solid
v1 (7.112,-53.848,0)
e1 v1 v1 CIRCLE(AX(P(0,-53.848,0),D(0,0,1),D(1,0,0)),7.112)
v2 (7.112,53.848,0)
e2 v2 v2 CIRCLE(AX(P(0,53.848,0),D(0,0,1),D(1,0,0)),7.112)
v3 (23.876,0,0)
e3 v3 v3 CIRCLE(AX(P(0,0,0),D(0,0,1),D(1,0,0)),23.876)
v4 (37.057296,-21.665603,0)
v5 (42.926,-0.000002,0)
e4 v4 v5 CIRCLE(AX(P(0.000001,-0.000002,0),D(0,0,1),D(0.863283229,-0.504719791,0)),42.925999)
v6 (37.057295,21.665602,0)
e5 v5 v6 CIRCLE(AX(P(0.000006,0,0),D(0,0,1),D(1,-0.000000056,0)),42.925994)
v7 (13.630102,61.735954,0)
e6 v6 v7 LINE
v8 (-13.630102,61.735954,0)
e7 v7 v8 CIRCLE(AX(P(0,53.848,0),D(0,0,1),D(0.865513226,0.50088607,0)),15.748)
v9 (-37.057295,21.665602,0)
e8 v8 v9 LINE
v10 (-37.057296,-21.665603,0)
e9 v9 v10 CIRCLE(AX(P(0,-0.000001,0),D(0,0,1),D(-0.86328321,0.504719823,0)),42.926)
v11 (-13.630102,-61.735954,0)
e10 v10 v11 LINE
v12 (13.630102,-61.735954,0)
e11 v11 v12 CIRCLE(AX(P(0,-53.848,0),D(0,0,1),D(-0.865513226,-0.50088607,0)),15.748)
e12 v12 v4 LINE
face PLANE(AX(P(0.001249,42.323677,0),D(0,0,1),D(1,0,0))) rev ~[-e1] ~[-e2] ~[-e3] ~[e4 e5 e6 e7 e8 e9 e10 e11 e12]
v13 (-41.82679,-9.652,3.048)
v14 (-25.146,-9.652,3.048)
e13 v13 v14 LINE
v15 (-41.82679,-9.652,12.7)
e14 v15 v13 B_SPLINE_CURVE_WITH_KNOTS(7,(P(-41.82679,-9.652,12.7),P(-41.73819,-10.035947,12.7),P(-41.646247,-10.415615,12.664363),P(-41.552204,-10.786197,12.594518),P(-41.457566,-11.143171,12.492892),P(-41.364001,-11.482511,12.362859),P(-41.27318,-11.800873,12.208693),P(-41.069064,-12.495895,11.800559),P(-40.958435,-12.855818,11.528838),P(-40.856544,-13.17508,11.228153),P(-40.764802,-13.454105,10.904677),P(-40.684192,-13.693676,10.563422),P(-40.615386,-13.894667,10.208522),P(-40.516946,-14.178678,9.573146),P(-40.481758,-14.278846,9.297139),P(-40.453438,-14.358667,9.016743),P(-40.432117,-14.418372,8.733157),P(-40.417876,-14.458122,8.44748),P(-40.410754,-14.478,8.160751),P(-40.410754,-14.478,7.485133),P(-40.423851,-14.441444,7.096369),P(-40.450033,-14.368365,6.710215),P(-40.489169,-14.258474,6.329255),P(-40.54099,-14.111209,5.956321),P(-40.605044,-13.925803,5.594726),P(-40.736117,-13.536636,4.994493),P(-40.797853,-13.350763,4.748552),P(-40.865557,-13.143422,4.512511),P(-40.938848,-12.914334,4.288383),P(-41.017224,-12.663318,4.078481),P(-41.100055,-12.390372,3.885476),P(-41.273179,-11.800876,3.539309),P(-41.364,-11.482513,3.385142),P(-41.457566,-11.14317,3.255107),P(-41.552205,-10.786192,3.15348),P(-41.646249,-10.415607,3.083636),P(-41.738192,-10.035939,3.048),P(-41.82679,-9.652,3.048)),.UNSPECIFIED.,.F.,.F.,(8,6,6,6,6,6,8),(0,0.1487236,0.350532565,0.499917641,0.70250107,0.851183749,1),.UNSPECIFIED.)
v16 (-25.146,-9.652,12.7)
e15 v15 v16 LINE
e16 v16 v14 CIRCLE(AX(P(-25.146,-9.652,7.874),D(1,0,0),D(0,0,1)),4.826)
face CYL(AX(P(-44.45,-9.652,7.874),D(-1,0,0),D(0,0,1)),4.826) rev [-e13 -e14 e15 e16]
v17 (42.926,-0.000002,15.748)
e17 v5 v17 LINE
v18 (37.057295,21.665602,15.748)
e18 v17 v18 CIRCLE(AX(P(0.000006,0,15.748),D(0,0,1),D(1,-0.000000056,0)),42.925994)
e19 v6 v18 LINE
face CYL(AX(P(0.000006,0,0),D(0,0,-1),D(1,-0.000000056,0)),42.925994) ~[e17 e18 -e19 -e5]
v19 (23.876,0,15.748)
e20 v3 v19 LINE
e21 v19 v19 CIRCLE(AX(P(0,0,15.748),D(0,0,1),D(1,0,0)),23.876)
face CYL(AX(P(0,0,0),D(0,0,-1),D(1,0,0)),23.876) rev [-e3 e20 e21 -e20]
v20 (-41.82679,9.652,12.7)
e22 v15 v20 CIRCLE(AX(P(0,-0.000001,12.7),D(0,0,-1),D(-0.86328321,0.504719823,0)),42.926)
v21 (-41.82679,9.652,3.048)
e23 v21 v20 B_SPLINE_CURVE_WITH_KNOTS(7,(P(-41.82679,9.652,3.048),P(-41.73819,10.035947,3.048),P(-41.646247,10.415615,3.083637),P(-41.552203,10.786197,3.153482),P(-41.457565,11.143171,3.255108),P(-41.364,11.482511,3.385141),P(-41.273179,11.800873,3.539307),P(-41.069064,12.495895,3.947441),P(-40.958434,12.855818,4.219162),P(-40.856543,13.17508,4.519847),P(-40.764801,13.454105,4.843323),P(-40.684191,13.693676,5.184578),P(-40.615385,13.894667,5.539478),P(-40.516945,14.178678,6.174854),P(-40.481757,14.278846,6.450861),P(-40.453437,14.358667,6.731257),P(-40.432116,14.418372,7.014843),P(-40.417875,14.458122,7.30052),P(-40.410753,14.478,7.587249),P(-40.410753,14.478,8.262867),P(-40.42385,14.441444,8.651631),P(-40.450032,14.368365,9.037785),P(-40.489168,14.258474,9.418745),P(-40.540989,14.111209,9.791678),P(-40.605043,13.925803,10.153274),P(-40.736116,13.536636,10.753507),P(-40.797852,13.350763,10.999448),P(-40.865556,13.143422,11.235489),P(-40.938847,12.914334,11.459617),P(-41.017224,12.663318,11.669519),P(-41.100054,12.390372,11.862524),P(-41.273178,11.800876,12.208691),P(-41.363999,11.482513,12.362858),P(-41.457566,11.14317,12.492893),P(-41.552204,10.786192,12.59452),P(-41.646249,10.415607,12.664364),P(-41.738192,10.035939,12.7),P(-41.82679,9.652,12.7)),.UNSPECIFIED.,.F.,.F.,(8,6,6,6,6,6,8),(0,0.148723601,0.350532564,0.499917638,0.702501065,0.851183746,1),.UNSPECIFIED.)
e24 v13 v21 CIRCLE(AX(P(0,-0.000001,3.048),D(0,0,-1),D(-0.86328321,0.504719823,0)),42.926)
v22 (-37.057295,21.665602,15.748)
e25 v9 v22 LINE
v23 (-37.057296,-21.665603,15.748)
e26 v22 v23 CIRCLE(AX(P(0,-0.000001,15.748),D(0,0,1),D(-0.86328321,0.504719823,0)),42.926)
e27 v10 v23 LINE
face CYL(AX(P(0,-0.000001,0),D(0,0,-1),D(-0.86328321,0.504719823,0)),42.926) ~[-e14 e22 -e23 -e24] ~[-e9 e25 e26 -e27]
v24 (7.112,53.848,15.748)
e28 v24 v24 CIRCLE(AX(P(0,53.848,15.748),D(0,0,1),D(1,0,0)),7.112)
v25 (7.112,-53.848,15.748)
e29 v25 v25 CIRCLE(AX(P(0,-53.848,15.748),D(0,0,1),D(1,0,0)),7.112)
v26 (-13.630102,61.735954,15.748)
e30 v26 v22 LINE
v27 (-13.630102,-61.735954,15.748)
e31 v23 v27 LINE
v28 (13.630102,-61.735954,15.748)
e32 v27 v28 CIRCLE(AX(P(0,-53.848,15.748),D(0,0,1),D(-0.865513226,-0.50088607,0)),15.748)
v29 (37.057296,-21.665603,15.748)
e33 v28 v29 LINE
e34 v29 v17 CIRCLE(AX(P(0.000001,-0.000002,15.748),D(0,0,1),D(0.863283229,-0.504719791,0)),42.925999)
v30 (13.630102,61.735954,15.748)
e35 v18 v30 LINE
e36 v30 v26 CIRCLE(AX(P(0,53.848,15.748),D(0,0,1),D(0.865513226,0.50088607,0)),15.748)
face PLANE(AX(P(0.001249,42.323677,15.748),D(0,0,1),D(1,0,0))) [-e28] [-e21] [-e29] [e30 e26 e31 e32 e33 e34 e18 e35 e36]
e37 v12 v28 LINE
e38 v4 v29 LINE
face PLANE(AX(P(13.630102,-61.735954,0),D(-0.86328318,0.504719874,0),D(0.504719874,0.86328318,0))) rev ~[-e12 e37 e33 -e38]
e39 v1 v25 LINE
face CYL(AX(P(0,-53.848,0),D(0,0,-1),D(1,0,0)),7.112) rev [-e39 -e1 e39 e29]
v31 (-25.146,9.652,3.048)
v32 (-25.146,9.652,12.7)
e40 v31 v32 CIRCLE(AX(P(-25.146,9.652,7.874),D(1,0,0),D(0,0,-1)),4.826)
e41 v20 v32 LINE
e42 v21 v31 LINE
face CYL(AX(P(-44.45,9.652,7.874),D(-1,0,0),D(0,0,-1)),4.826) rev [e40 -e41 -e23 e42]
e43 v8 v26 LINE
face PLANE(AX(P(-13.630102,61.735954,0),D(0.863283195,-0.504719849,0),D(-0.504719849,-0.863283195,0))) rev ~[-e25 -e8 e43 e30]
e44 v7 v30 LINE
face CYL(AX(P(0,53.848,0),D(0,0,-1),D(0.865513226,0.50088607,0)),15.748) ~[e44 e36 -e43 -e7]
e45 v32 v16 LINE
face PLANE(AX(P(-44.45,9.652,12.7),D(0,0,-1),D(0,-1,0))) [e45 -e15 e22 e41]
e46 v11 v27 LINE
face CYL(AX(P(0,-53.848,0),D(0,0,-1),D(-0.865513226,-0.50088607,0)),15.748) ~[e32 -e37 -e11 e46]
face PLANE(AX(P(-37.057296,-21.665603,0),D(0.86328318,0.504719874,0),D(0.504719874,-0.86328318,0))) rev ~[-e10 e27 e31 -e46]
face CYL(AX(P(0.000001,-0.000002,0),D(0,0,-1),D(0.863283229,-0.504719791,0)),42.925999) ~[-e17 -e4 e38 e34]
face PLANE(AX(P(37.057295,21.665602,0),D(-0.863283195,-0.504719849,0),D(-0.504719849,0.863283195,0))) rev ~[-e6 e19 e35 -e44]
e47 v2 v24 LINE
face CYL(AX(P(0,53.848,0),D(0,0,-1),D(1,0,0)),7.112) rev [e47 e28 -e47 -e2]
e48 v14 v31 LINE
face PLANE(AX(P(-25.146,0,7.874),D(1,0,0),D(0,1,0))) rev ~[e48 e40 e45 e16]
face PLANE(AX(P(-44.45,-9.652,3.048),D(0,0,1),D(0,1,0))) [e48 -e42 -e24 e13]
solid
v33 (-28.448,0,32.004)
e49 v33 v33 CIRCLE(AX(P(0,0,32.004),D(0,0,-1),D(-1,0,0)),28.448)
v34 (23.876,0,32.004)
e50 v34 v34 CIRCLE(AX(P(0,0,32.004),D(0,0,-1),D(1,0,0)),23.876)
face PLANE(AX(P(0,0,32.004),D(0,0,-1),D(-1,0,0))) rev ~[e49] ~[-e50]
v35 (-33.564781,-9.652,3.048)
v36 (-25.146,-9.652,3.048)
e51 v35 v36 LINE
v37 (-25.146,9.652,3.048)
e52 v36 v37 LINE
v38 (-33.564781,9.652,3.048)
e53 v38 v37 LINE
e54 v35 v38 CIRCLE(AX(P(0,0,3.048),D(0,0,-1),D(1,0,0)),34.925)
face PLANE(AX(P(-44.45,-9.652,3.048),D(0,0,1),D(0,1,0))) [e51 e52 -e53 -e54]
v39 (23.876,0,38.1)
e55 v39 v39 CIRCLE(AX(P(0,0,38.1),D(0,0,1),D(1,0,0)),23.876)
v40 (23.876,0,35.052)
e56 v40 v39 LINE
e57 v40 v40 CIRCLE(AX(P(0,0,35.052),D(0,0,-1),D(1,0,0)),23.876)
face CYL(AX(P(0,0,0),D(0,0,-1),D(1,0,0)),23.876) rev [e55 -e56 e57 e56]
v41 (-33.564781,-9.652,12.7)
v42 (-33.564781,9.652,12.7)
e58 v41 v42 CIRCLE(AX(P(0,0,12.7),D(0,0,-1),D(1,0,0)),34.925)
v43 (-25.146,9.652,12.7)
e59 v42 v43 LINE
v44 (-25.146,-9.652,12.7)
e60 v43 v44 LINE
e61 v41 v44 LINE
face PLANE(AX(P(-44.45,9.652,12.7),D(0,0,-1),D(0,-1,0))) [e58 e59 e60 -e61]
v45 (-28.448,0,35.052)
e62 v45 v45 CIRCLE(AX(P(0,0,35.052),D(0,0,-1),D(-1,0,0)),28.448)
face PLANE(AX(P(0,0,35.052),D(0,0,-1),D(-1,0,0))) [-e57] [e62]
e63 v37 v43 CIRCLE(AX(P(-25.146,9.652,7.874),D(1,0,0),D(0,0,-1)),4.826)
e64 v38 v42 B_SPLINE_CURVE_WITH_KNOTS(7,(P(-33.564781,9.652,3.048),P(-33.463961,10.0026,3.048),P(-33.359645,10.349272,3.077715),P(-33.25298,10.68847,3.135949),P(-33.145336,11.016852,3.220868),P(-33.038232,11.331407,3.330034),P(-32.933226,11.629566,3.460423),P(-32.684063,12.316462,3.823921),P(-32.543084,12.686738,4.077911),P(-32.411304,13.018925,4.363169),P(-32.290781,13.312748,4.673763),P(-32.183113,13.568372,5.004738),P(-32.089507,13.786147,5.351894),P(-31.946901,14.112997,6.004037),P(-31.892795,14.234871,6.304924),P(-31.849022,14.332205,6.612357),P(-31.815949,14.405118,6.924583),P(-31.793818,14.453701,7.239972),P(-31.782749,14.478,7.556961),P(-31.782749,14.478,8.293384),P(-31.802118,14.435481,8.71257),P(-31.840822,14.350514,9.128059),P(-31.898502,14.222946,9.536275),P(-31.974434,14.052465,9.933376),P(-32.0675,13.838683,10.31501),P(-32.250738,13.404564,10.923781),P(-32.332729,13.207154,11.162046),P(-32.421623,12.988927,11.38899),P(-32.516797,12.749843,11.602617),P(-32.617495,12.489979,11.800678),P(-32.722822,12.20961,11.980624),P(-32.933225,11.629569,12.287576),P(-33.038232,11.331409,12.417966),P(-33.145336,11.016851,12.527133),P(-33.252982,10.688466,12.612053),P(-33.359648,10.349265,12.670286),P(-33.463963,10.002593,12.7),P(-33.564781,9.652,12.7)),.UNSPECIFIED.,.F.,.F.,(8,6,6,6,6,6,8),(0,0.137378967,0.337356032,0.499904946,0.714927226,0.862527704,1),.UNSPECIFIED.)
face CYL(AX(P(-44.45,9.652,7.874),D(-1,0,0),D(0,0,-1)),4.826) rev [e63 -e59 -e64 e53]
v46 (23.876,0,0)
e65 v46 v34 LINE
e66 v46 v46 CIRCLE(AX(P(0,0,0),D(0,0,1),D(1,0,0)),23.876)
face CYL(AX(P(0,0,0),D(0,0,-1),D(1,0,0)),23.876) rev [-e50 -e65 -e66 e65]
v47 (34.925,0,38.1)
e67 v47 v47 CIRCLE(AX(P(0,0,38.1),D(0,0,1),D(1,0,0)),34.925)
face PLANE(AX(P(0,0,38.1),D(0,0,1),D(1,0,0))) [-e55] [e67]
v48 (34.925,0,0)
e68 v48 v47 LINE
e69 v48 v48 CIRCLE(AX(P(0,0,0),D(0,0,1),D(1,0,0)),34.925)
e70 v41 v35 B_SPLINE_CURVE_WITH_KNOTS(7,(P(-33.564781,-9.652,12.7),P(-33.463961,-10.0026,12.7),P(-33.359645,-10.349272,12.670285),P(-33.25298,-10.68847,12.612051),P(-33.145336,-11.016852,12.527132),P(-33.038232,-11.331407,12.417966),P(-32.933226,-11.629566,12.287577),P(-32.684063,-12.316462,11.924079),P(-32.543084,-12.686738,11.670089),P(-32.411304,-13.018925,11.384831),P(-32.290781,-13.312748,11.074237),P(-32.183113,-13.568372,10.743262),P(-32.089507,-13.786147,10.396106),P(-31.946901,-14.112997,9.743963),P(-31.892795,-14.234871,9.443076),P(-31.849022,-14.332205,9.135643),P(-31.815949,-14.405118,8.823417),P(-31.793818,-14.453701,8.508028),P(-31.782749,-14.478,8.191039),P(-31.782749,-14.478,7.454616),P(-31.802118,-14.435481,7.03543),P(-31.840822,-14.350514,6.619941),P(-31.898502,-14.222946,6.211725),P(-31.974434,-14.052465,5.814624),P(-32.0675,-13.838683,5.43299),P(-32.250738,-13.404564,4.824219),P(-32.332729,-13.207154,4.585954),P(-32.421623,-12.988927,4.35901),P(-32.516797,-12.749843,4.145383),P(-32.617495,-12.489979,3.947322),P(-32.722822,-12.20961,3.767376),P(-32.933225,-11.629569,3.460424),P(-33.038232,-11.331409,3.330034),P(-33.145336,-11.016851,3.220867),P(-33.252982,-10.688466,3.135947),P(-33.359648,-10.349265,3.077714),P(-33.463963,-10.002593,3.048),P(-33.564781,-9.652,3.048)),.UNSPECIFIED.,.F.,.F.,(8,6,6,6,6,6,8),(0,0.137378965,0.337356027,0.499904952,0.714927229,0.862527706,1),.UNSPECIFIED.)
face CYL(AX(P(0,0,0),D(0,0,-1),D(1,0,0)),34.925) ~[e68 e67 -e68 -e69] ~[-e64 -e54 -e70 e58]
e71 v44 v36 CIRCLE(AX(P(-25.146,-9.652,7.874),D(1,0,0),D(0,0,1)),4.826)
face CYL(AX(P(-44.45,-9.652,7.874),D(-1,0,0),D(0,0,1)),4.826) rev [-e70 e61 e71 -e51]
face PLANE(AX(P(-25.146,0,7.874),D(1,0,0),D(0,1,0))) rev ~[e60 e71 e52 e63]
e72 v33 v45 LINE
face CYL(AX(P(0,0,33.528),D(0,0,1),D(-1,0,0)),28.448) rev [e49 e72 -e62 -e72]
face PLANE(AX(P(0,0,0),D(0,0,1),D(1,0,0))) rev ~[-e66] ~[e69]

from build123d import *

# Parameters (mm, degrees)
F0_R     = 7.112
F0_R_2   = 34.925
F0_R_3   = 23.876
F1_DEPTH = 15.748
F2_DEPTH = 38.1
F3_W     = 28.448
F3_H     = 3.048
F7_DEPTH = 19.304


with BuildPart() as f1:
    # F0 (on Top) → F1 (new body)
    with BuildSketch(Plane.XY):
        with BuildLine():
            Line((37.057295, 21.665602), (13.630102, 61.735954))
            ThreePointArc((13.630102, 61.735954), (0, 69.596), (-13.630102, 61.735954))
            Line((-13.630102, 61.735954), (-37.057295, 21.665602))
            ThreePointArc((-37.057295, 21.665602), (-0.06028, 42.925956), (36.996299, 21.769595))
            ThreePointArc((36.996299, 21.769595), (37.026833, 21.71762), (37.057295, 21.665602))
        make_face()
        with Locations((0, 53.848)):
            Circle(F0_R, mode=Mode.SUBTRACT)
        with BuildLine():
            ThreePointArc((42.926, -2e-06), (41.432855, 11.22319), (37.057295, 21.665602))
            ThreePointArc((37.057295, 21.665602), (37.026833, 21.71762), (36.996299, 21.769595))
            ThreePointArc((36.996299, 21.769595), (-0.06028, 42.925956), (-37.057295, 21.665602))
            ThreePointArc((-37.057295, 21.665602), (-42.926, 0), (-37.057296, -21.665603))
            ThreePointArc((-37.057296, -21.665603), (0, -42.926002), (37.057296, -21.665603))
            ThreePointArc((37.057296, -21.665603), (41.432855, -11.223192), (42.926, -2e-06))
        make_face()
        Circle(F0_R_2, mode=Mode.SUBTRACT)
        with BuildLine():
            ThreePointArc((37.057296, -21.665603), (0, -42.926002), (-37.057296, -21.665603))
            Line((-37.057296, -21.665603), (-13.630102, -61.735954))
            ThreePointArc((-13.630102, -61.735954), (0, -69.596), (13.630102, -61.735954))
            Line((13.630102, -61.735954), (37.057296, -21.665603))
        make_face()
        with Locations((0, -53.848)):
            Circle(F0_R, mode=Mode.SUBTRACT)
        Circle(F0_R_2)
        Circle(F0_R_3, mode=Mode.SUBTRACT)
    extrude(amount=F1_DEPTH)


with BuildPart() as f2:
    # F0 (on Top) → F2 (new body)
    with BuildSketch(Plane.XY):
        Circle(F0_R_2)
        Circle(F0_R_3, mode=Mode.SUBTRACT)
    extrude(amount=F2_DEPTH)

    # F3 (on Front) → F4 (revolve, cut)
    with BuildSketch(Plane.XZ):
        with Locations((-14.224, 33.528)):
            Rectangle(F3_W, F3_H)
    revolve(axis=Axis((0, 0, 32.004), (0, 0, -1)), mode=Mode.SUBTRACT)


with BuildPart() as f7_tool:
    # F6 (on offset) → F7 (new body)
    with BuildSketch(Plane.YZ.offset(-44.45)):
        with BuildLine():
            Line((9.652, 12.7), (-9.652, 12.7))
            ThreePointArc((-9.652, 12.7), (-14.478, 7.874), (-9.652, 3.048))
            Line((-9.652, 3.048), (9.652, 3.048))
            ThreePointArc((9.652, 3.048), (14.478, 7.874), (9.652, 12.7))
        make_face()
    extrude(amount=F7_DEPTH)


with BuildPart() as f1_1:
    add(f1.part)

    # F7: cut by f7_tool
    add(f7_tool.part, mode=Mode.SUBTRACT)


with BuildPart() as f2_1:
    add(f2.part)

    # F7: cut by f7_tool
    add(f7_tool.part, mode=Mode.SUBTRACT)


solid = Compound([f1_1.part, f2_1.part])
